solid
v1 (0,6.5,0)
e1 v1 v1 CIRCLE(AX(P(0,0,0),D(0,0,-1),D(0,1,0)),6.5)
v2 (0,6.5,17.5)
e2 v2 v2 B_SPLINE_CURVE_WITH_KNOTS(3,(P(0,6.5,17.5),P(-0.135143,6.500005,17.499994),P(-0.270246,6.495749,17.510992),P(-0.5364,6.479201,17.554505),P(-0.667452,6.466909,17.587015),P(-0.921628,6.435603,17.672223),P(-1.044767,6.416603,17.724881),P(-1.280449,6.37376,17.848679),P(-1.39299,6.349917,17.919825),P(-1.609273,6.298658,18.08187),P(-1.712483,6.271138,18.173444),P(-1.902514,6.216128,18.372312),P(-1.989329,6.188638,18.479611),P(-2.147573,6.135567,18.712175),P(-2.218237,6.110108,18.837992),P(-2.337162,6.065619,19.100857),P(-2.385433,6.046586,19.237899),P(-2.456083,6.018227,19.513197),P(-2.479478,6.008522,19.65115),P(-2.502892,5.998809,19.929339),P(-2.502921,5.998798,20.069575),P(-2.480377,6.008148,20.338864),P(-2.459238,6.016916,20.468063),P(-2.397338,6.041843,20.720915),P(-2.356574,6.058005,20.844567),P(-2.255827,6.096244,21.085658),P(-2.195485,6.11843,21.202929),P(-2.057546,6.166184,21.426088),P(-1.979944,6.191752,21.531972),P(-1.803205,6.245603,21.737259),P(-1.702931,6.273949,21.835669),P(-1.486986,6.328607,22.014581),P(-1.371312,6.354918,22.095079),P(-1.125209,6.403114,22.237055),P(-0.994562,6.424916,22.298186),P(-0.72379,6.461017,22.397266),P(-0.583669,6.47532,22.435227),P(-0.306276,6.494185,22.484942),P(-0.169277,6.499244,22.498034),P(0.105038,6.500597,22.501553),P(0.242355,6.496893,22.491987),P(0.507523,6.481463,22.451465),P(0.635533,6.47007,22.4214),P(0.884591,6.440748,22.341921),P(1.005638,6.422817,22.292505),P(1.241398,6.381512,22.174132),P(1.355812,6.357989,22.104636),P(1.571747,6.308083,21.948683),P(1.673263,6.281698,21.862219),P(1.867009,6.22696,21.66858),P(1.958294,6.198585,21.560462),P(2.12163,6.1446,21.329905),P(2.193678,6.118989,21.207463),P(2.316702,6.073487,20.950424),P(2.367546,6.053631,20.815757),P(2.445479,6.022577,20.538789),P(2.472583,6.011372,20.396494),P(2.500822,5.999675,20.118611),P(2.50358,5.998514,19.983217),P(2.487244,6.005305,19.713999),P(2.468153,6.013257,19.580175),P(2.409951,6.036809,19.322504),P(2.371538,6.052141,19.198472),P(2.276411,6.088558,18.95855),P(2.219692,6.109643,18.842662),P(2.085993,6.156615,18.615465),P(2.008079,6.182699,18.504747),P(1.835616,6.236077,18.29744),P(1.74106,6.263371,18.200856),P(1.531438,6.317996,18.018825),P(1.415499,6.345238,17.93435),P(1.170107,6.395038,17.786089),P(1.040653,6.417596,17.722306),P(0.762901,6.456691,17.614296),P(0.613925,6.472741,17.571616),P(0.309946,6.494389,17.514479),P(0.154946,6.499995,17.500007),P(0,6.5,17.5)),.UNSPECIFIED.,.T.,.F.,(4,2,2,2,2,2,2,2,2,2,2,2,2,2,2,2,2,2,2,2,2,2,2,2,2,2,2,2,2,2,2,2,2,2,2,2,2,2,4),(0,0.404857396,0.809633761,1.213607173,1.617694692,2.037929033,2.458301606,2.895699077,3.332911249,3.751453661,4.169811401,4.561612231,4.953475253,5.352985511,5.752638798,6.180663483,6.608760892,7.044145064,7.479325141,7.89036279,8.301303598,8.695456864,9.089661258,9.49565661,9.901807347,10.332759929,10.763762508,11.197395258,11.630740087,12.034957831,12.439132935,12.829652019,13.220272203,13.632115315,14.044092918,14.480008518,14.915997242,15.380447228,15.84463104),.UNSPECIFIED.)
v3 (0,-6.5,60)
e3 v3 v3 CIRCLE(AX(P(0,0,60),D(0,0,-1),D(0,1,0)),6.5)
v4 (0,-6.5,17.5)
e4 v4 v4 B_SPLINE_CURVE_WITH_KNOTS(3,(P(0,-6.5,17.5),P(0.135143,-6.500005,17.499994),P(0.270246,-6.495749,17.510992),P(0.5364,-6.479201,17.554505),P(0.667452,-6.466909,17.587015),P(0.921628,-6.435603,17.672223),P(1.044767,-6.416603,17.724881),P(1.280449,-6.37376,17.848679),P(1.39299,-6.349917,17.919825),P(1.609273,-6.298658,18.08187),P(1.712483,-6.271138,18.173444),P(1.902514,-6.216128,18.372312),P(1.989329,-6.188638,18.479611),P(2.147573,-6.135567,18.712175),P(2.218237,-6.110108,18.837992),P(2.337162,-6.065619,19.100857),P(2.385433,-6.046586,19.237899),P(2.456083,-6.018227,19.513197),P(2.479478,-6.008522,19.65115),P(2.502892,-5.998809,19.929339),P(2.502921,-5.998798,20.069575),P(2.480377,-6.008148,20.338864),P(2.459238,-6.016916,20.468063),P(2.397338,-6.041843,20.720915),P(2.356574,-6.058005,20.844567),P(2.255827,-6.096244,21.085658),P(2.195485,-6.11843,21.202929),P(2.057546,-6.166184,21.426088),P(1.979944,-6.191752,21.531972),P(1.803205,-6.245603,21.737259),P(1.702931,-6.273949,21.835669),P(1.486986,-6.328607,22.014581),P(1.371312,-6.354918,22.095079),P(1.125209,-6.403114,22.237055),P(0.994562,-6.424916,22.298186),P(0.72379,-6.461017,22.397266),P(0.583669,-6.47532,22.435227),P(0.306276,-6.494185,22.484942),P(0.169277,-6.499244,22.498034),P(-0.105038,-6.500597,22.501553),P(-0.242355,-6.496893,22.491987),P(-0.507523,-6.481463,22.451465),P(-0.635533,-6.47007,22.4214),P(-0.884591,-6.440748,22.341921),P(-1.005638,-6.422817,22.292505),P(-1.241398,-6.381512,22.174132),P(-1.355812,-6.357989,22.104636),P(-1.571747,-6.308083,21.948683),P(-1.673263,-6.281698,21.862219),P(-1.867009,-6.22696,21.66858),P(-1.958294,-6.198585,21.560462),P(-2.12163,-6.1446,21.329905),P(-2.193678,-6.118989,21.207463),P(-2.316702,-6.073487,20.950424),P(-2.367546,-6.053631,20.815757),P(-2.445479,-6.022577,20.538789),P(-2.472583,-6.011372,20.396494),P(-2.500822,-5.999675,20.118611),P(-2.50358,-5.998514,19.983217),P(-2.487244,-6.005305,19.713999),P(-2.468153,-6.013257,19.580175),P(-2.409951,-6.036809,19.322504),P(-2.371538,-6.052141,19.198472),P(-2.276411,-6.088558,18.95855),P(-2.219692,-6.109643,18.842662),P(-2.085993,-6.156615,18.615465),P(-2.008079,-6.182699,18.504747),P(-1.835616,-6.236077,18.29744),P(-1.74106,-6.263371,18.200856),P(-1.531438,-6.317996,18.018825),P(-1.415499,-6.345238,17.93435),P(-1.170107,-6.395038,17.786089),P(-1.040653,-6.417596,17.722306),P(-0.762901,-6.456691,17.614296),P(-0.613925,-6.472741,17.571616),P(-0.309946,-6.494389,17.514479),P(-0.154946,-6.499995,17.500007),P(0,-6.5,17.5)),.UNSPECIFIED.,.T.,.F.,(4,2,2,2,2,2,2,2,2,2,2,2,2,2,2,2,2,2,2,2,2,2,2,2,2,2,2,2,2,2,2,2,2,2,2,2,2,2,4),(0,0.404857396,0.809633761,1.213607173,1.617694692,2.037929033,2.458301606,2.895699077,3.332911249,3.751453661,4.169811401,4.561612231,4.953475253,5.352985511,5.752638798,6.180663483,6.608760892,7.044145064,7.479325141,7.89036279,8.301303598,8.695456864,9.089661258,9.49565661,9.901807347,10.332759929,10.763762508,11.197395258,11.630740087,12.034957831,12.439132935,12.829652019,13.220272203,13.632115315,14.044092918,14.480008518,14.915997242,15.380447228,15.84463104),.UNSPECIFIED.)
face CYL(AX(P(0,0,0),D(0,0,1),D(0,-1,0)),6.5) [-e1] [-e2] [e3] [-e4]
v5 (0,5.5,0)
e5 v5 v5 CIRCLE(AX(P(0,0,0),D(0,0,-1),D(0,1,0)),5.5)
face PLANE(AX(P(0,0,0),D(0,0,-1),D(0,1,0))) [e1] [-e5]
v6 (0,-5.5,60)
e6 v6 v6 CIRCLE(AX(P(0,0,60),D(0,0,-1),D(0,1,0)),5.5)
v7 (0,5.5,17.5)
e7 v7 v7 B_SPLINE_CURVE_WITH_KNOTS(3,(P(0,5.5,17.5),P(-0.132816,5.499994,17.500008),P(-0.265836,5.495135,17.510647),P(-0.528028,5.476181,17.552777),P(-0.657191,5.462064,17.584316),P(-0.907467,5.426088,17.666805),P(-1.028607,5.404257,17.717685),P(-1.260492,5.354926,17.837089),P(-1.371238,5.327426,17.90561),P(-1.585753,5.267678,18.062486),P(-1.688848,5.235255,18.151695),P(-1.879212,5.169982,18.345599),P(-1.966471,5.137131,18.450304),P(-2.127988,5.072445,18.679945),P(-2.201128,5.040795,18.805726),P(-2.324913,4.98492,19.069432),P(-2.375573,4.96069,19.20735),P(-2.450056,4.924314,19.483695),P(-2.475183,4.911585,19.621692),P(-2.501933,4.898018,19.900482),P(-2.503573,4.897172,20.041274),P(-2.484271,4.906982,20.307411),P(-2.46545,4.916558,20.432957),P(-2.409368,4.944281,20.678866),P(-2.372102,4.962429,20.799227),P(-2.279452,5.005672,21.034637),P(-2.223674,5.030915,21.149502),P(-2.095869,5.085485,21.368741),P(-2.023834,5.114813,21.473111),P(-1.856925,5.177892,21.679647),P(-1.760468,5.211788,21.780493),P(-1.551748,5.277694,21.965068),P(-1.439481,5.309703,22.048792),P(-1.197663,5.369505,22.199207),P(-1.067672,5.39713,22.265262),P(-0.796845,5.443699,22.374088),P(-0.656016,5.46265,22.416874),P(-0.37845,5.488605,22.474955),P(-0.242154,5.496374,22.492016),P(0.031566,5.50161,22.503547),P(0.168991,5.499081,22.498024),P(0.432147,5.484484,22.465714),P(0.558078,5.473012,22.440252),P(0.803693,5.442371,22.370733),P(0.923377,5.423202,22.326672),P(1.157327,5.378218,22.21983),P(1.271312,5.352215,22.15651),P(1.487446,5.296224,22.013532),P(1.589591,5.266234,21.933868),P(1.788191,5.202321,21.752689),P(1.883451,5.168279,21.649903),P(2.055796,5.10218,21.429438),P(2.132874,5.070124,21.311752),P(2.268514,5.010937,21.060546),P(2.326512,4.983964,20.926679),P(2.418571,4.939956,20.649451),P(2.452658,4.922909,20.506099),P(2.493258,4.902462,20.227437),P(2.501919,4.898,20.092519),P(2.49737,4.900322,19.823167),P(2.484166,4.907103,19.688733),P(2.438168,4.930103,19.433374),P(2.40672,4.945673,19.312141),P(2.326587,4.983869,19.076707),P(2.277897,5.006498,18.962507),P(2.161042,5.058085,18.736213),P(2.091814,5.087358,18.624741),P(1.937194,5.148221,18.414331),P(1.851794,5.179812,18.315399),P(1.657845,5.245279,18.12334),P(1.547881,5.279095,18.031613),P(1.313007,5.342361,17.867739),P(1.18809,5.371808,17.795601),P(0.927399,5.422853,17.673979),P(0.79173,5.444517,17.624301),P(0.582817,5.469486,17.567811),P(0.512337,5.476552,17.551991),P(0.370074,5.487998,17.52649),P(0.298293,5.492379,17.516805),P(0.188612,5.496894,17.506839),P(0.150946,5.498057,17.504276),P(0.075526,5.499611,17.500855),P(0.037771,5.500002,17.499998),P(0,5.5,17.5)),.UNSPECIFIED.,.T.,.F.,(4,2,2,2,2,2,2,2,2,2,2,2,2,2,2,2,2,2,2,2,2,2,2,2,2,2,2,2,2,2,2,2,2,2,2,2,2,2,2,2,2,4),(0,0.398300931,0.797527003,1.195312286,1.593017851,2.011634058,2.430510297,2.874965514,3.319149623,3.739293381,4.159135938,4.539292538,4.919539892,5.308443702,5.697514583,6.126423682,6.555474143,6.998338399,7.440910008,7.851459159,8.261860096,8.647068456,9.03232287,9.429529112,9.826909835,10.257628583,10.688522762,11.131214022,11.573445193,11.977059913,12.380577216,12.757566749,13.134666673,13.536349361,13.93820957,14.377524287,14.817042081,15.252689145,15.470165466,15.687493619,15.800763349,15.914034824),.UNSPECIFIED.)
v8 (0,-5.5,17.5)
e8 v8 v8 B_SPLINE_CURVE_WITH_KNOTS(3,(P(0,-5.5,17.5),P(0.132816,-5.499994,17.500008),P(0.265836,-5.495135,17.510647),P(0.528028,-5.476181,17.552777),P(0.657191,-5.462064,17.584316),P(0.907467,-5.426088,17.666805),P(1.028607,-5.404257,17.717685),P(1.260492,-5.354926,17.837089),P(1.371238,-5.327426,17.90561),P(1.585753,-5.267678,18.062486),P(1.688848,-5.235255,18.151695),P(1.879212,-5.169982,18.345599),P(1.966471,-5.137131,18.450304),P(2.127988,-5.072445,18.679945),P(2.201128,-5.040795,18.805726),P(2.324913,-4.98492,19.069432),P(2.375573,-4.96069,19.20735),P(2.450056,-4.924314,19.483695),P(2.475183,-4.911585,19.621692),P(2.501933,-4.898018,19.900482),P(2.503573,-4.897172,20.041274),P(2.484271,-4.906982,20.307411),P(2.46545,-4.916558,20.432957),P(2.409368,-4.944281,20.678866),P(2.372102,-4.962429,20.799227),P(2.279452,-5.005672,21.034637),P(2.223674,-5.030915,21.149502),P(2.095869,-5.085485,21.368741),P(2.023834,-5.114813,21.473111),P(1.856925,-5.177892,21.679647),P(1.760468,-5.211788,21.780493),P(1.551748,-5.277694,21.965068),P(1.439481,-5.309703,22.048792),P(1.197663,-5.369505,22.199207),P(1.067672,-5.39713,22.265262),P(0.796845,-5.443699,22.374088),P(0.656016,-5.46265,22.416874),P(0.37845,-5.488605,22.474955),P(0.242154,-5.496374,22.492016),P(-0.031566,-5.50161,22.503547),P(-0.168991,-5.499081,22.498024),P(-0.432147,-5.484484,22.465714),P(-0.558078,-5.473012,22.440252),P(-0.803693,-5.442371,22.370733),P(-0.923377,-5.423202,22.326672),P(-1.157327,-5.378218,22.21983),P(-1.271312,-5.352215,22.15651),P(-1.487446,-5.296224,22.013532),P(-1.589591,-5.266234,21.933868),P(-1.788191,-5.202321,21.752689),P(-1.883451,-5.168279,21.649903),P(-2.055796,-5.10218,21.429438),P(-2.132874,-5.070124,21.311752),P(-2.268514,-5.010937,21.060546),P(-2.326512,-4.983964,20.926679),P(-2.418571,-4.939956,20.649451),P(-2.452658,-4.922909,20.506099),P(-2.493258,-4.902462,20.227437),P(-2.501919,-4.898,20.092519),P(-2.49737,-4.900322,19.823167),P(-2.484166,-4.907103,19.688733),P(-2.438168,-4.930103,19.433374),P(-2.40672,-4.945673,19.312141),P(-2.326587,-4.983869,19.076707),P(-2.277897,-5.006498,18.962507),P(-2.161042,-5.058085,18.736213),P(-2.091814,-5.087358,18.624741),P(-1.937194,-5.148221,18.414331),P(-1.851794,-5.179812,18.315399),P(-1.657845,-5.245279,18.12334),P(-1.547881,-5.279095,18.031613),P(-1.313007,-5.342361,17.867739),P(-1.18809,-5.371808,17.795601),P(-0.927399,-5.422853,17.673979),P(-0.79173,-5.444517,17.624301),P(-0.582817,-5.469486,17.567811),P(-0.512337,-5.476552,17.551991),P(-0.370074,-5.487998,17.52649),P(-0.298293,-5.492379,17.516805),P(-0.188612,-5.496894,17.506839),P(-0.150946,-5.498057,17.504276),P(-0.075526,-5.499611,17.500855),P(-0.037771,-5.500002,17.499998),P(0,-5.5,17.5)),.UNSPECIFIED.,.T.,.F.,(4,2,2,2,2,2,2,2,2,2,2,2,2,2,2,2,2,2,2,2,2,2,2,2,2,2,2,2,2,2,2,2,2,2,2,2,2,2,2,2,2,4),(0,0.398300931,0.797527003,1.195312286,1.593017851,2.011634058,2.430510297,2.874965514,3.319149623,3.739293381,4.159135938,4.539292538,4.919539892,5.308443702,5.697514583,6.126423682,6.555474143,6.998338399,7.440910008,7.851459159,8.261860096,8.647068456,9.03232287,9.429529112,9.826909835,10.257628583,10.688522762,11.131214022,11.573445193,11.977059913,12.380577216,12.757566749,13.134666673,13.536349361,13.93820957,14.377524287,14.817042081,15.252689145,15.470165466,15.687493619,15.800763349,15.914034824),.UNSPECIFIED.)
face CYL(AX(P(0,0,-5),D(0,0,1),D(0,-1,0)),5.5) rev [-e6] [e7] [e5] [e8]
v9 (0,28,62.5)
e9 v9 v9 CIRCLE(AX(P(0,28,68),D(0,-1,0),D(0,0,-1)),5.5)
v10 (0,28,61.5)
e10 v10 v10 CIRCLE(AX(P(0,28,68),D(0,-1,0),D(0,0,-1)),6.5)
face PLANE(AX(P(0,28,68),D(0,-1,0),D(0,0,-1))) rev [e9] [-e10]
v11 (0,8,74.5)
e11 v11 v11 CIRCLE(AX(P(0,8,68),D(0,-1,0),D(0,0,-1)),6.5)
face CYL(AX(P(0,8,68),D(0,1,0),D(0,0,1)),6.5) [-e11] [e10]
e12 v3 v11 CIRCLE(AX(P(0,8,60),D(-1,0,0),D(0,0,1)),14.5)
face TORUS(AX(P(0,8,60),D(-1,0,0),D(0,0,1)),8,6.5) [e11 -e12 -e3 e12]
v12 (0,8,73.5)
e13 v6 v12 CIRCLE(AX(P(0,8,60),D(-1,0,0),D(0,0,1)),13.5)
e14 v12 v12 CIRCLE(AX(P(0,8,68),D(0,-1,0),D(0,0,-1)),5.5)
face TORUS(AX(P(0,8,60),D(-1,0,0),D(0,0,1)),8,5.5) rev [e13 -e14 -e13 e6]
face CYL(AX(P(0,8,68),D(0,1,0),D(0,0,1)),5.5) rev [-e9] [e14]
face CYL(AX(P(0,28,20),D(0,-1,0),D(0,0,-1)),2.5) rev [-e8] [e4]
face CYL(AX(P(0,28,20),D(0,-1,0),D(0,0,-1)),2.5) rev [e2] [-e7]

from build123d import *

# Parameters (mm, degrees)
SWEEP5_PROFILE_R        = 6.5
CUT_SWEEP1_PROFILE_R    = 5.5
CUT_EXTRUDE1_DEPTH      = 80.852990027
CUT_EXTRUDE1_DEPTH_BACK = 80.852990027
SKETCH30_R              = 2.5


with BuildPart() as part:
    # Sweep5: sweep along a path in Sketch2
    with BuildLine(Plane(origin=(0, 0, 0), x_dir=(0, 0, -1), z_dir=(1, 0, 0))) as sweep5_path:
        Line((0, 0), (-60, 0))
        ThreePointArc((-60, 0), (-65.656854249, 2.343145751), (-68, 8))
        Line((-68, 8), (-68, 28))
    # Sweep5 profile (on start of the path) → Sweep5 (sweep)
    with BuildSketch(Plane(origin=(0, 0, 0), x_dir=(0, 1, 0), z_dir=(0, 0, 1))):
        Circle(SWEEP5_PROFILE_R)
    sweep(path=sweep5_path.line)

    # Cut-Sweep1: sweep along a path in Sketch2<2>
    with BuildLine(Plane(origin=(0, 0, 0), x_dir=(0, 0, -1), z_dir=(1, 0, 0))) as cut_sweep1_path:
        Line((0, 0), (-60, 0))
        ThreePointArc((-60, 0), (-65.656854249, 2.343145751), (-68, 8))
        Line((-68, 8), (-68, 28))
    # Cut-Sweep1 profile (on start of the path) → Cut-Sweep1 (sweep, cut)
    with BuildSketch(Plane(origin=(0, 0, 0), x_dir=(0, 1, 0), z_dir=(0, 0, 1))):
        Circle(CUT_SWEEP1_PROFILE_R)
    sweep(path=cut_sweep1_path.line, mode=Mode.SUBTRACT)

    # Sketch30 → Cut-Extrude1 (cut, two sides: drawn at the far end of the back side and taken through both)
    with BuildSketch(Plane(origin=(0, 0, 0), x_dir=(1, 0, 0), z_dir=(0, 1, 0)).offset(-CUT_EXTRUDE1_DEPTH_BACK)):
        with Locations((0, -20)):
            Circle(SKETCH30_R)
    extrude(amount=CUT_EXTRUDE1_DEPTH + CUT_EXTRUDE1_DEPTH_BACK, mode=Mode.SUBTRACT)


solid = part.part
